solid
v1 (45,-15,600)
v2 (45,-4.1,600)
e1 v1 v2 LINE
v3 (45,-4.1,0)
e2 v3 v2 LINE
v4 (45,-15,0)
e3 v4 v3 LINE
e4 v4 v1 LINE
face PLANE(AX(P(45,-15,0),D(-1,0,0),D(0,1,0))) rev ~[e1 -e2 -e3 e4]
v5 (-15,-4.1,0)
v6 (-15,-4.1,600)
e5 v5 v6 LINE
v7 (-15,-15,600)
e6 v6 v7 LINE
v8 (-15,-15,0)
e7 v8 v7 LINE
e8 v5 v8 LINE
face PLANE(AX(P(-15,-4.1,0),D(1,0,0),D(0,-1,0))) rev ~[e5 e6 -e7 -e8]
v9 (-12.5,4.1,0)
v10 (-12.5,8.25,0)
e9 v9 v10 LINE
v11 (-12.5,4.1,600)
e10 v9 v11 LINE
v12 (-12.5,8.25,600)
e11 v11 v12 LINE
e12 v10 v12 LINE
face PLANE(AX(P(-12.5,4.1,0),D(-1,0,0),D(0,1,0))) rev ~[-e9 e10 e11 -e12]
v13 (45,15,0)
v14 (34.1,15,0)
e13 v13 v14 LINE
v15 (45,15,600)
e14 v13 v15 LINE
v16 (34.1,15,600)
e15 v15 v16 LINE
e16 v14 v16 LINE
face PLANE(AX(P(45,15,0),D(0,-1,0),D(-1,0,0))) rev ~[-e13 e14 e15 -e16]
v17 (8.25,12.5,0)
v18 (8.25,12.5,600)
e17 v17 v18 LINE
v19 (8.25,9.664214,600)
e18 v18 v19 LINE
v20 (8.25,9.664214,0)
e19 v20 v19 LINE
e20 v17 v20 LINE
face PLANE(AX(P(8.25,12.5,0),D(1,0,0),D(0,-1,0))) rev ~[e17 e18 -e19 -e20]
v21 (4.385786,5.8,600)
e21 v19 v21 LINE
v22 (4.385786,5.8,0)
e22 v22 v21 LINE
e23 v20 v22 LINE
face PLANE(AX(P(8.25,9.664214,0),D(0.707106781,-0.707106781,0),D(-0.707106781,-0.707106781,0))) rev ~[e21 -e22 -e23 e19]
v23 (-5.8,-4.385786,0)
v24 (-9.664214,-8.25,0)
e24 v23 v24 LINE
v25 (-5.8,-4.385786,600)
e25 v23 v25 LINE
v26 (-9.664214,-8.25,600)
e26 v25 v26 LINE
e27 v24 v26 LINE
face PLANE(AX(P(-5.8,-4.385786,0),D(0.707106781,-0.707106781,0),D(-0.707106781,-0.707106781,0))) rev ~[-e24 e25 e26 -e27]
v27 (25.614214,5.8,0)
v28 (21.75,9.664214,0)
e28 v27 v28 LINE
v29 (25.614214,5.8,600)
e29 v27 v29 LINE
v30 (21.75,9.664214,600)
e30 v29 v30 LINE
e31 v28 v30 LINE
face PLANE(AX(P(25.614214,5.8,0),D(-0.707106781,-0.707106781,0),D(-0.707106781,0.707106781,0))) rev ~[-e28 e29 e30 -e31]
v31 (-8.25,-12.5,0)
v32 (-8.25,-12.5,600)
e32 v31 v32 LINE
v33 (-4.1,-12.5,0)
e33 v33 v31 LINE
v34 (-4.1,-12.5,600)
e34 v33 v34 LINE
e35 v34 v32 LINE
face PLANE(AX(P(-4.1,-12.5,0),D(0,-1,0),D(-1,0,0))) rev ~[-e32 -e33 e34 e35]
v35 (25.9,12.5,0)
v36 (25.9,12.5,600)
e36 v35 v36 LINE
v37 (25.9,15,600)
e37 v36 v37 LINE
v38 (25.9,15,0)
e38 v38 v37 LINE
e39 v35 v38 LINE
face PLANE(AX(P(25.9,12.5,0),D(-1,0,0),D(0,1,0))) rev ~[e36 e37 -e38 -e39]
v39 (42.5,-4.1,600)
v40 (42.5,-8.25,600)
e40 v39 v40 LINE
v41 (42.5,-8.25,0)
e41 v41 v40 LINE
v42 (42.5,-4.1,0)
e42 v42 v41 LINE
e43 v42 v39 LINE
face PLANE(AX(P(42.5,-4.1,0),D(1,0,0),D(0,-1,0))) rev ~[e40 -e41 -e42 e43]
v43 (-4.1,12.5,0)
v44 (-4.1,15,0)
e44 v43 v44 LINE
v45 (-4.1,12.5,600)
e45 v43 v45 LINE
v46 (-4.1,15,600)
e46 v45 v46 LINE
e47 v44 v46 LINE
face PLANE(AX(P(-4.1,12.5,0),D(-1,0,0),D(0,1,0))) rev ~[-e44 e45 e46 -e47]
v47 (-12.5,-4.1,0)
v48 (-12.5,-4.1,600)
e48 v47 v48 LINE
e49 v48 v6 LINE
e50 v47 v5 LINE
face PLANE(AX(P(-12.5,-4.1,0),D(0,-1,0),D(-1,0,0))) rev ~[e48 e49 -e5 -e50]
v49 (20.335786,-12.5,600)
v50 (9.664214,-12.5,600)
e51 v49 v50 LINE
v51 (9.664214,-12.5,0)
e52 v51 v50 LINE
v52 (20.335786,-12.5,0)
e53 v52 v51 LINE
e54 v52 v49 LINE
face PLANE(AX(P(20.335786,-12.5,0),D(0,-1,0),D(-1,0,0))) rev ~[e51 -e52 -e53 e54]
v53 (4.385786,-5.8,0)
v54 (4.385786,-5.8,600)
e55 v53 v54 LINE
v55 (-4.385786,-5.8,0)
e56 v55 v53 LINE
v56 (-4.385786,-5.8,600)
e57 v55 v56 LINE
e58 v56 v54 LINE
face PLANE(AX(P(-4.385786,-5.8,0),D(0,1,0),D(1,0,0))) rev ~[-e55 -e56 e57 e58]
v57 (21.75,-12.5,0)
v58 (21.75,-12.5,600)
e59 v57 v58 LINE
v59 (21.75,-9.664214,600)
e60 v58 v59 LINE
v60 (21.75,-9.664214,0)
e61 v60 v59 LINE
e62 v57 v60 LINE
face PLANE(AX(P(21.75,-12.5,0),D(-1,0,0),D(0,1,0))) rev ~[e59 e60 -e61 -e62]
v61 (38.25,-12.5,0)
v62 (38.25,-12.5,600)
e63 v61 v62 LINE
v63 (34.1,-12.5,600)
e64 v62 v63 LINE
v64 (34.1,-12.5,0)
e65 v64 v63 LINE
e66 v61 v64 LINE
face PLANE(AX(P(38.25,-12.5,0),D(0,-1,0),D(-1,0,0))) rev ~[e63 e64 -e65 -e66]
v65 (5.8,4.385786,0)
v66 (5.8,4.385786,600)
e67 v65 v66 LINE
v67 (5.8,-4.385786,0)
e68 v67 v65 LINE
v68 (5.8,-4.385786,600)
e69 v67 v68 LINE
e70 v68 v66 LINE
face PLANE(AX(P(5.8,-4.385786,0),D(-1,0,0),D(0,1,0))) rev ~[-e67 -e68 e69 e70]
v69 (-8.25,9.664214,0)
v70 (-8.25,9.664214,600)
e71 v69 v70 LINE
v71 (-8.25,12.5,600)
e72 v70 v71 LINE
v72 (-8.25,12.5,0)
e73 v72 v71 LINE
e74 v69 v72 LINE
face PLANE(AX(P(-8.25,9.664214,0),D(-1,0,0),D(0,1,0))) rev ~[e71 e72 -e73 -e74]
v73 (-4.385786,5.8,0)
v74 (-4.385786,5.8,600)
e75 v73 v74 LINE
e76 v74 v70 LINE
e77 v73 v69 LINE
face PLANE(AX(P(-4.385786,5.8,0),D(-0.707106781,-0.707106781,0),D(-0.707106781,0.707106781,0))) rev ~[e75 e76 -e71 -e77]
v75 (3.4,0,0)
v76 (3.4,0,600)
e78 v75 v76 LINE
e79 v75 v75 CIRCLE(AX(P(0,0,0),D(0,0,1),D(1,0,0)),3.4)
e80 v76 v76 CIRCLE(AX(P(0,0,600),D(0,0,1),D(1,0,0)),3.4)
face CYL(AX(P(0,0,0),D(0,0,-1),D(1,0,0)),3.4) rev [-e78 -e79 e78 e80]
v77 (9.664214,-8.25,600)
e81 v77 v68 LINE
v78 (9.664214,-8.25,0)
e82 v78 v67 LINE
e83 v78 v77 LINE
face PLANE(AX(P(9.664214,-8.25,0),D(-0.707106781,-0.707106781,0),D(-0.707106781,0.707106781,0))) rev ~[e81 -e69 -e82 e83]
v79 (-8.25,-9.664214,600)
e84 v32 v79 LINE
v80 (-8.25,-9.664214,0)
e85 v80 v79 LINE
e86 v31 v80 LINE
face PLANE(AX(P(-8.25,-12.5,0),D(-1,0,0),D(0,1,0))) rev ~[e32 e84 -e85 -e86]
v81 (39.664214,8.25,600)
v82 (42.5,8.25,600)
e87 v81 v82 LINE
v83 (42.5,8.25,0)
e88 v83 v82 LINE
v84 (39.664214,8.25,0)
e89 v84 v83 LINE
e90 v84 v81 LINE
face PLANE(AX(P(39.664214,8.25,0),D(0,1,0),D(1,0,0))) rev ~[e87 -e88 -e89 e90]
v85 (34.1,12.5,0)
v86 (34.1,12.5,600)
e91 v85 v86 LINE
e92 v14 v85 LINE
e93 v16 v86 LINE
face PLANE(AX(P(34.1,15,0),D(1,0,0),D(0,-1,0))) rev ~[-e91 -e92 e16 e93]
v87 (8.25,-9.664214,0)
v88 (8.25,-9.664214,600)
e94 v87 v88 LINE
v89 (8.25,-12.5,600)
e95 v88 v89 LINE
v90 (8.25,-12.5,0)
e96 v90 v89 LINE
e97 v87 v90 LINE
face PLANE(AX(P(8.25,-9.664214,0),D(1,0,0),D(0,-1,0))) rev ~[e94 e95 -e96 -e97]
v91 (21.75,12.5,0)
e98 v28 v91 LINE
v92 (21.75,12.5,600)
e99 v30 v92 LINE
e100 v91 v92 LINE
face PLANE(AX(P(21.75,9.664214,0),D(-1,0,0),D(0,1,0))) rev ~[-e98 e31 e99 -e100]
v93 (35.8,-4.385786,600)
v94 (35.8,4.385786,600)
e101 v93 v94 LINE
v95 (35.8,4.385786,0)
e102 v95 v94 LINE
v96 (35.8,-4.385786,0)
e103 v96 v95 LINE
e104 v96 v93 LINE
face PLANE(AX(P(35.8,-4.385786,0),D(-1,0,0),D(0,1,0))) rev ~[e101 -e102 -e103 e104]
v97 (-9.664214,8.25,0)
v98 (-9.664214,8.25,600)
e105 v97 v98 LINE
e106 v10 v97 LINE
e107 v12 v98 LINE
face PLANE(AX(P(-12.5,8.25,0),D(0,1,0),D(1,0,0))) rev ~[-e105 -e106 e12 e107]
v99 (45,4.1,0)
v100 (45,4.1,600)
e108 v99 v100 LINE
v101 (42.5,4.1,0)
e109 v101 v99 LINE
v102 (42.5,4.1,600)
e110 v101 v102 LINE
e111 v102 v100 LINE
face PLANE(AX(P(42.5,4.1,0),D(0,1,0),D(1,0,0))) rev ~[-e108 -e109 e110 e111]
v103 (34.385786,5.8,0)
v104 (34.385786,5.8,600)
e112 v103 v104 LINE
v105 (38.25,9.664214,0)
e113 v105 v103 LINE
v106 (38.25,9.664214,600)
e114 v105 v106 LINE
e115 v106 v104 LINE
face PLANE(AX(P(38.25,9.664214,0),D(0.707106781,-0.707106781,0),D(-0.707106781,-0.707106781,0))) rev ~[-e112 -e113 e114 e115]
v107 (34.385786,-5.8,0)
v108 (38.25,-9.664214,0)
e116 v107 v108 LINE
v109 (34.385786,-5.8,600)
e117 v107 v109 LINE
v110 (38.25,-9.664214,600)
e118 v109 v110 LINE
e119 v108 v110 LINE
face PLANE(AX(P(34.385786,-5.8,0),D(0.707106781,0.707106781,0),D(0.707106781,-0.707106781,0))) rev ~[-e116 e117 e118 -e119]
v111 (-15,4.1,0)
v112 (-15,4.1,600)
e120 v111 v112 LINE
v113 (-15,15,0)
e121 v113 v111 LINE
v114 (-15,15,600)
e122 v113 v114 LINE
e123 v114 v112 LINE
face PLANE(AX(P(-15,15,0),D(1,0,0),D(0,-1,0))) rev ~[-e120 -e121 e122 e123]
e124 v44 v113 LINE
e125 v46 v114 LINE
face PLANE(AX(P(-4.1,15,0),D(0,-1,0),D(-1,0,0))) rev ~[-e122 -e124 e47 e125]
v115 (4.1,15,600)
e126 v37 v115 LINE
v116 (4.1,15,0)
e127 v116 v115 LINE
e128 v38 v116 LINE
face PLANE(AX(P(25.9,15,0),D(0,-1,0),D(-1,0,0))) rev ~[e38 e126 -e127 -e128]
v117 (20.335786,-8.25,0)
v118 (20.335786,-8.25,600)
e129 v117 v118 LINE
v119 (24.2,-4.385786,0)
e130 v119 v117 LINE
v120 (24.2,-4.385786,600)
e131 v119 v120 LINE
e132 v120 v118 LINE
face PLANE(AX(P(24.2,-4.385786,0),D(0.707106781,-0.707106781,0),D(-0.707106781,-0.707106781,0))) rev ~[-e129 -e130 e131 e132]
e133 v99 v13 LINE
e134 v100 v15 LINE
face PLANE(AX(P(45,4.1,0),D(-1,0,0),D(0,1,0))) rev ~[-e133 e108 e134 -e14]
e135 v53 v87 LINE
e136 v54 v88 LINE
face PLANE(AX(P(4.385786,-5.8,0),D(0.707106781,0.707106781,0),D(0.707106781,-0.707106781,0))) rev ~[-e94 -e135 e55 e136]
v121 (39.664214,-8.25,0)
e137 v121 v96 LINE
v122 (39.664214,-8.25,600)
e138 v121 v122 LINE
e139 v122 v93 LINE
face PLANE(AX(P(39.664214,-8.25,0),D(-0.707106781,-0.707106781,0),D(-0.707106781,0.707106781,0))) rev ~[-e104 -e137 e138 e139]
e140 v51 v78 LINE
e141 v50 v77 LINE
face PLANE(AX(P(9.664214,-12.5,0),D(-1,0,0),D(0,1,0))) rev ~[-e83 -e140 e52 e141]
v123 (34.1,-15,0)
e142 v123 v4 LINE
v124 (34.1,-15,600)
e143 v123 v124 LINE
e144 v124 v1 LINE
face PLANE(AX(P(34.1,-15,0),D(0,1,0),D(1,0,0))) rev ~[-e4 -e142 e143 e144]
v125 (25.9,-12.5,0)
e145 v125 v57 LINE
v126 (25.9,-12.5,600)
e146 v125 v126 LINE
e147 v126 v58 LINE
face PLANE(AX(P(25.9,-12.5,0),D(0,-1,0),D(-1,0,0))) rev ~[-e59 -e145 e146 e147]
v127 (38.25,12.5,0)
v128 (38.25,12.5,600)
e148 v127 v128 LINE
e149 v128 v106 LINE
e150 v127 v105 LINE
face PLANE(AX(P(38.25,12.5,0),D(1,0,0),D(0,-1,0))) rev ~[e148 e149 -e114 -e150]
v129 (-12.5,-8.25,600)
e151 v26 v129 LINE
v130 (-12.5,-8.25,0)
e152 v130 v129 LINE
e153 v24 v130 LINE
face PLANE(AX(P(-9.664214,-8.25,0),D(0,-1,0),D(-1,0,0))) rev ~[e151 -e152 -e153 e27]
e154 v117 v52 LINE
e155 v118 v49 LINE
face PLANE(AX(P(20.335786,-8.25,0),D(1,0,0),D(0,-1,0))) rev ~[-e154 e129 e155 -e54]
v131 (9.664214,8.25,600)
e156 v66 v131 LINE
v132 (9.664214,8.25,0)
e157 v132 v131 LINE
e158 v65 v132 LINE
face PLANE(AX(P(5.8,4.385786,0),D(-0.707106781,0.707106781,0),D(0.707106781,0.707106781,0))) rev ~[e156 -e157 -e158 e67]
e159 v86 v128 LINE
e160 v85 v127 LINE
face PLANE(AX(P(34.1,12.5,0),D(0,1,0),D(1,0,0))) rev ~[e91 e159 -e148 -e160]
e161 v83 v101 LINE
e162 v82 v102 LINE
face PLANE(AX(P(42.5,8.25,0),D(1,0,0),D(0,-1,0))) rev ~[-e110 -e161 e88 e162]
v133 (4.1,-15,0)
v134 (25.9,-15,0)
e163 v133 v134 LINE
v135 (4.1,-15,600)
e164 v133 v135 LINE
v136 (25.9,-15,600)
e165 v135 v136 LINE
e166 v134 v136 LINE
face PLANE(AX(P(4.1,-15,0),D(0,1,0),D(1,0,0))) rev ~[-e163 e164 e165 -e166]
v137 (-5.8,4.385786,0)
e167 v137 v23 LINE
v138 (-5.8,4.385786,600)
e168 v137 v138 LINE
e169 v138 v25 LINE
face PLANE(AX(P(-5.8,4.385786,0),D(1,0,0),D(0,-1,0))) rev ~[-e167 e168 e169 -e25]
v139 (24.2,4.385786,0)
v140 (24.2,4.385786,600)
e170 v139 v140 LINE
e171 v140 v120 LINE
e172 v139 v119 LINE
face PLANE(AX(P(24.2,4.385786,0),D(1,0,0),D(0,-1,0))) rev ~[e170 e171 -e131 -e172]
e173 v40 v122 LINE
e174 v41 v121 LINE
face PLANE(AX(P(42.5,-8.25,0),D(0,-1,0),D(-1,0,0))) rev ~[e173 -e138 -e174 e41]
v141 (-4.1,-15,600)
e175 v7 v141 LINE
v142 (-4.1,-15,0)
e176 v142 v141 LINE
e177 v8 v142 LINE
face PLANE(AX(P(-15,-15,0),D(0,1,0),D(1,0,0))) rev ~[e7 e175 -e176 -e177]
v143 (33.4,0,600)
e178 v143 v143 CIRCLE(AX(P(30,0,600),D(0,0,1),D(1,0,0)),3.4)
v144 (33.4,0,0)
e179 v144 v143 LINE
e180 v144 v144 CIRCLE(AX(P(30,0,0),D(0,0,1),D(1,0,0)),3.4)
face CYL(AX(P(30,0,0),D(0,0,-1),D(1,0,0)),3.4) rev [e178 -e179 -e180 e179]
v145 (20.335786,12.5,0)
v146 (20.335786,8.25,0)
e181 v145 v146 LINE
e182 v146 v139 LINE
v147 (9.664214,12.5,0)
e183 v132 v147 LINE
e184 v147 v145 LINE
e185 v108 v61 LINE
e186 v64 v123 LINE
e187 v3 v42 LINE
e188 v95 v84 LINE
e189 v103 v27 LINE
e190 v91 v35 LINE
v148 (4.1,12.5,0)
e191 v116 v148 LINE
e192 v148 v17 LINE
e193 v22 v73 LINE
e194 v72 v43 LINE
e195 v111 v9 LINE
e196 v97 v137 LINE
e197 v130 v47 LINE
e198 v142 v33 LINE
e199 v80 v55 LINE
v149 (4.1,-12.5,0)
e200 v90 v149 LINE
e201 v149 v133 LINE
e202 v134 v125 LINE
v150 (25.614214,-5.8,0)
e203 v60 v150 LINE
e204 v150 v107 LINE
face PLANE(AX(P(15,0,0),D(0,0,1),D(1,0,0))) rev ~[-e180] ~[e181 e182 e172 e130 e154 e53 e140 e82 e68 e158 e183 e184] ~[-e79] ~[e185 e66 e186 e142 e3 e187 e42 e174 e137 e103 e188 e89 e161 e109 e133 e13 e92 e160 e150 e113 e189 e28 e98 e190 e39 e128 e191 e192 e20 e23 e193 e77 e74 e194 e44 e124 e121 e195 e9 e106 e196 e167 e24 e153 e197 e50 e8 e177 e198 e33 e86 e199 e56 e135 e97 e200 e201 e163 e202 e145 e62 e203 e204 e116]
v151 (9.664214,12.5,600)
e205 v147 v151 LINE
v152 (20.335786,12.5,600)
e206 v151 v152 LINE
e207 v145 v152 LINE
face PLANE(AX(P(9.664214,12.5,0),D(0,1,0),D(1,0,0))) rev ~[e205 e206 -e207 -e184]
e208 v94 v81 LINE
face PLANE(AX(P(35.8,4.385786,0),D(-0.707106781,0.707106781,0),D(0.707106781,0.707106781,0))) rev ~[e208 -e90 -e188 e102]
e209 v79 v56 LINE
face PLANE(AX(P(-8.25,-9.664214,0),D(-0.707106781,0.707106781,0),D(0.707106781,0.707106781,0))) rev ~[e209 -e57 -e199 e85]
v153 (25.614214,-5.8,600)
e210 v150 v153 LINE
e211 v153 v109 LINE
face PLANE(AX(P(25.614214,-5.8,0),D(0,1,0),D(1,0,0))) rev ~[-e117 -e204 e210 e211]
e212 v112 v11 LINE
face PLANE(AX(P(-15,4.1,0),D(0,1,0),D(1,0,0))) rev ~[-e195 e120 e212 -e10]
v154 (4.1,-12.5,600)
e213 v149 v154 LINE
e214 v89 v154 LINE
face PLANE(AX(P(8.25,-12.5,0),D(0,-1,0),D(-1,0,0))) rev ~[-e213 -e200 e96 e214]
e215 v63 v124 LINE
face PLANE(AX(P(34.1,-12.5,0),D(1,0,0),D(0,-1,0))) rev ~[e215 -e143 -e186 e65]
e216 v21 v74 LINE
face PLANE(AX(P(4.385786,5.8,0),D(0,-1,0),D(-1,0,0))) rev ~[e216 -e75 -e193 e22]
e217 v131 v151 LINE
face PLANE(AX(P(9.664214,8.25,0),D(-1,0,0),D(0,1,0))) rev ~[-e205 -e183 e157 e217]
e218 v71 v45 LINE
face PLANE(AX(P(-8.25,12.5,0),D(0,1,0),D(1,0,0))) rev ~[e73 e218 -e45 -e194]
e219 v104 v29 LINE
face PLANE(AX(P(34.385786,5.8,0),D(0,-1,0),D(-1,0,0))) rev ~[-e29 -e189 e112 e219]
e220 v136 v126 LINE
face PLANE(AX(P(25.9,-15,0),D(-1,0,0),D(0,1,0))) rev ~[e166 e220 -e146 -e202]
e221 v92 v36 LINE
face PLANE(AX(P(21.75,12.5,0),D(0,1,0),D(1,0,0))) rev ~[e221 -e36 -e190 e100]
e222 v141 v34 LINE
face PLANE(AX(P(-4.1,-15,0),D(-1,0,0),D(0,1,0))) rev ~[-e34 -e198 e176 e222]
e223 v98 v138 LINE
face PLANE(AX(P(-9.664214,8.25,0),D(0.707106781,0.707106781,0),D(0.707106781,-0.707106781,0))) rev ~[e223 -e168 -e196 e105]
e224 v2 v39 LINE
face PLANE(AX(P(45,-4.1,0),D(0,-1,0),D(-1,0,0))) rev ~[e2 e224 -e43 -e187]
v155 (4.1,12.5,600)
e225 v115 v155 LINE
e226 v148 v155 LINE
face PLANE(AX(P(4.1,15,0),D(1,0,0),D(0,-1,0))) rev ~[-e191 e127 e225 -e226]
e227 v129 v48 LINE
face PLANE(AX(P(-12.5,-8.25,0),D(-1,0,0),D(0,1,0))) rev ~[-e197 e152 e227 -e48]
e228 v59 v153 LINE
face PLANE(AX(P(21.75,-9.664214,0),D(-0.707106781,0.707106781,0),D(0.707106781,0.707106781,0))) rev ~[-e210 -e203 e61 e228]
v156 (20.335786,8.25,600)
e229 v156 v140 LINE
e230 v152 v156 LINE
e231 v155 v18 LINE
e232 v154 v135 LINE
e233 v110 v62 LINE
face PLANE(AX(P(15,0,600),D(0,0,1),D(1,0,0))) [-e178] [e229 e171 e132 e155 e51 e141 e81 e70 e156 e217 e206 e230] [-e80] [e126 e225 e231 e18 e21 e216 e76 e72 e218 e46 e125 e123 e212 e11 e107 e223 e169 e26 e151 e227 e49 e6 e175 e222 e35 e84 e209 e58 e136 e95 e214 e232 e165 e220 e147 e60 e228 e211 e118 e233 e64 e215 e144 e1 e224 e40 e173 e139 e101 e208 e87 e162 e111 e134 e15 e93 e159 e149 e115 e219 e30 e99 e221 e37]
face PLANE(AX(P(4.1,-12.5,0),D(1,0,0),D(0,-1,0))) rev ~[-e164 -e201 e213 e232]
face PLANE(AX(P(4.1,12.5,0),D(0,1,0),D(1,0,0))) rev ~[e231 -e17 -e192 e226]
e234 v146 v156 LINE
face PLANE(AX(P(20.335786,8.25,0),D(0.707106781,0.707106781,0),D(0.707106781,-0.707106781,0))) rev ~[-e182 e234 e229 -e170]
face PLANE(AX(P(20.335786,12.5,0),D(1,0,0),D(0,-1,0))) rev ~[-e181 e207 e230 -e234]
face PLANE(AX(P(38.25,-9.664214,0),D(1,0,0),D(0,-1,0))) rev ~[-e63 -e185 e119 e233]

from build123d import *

# Parameters (mm, degrees)
SKETCH_1_R      = 3.4
EXTRUDE_1_DEPTH = 600


with BuildPart() as part:
    # 草图1 → 凸台-拉伸1 (new body)
    with BuildSketch(Plane.XY):
        Polygon((-4.1, 12.5), (-4.1, 15), (-8.25, 15), (-15, 15), (-15, 8.25), (-15, 4.1), (-12.5, 4.1), (-12.5, 8.25), (-9.664213562, 8.25), (-5.8, 4.385786438), (-5.8, -4.385786438), (-9.664213562, -8.25), (-12.5, -8.25), (-12.5, -4.1), (-15, -4.1), (-15, -8.25), (-15, -15), (-8.25, -15), (-4.1, -15), (-4.1, -12.5), (-8.25, -12.5), (-8.25, -9.664213562), (-4.385786438, -5.8), (4.385786438, -5.8), (8.25, -9.664213562), (8.25, -12.5), (4.1, -12.5), (4.1, -15), (8.25, -15), (15, -15), (21.75, -15), (25.9, -15), (25.9, -12.5), (21.75, -12.5), (21.75, -9.664213562), (25.614213562, -5.8), (34.385786438, -5.8), (38.25, -9.664213562), (38.25, -12.5), (34.1, -12.5), (34.1, -15), (38.25, -15), (45, -15), (45, -8.25), (45, -4.1), (42.5, -4.1), (42.5, -8.25), (39.664213562, -8.25), (35.8, -4.385786438), (35.8, 4.385786438), (39.664213562, 8.25), (42.5, 8.25), (42.5, 4.1), (45, 4.1), (45, 8.25), (45, 15), (38.25, 15), (34.1, 15), (34.1, 12.5), (38.25, 12.5), (38.25, 9.664213562), (34.385786438, 5.8), (25.614213562, 5.8), (21.75, 9.664213562), (21.75, 12.5), (25.9, 12.5), (25.9, 15), (21.75, 15), (15, 15), (8.25, 15), (4.1, 15), (4.1, 12.5), (8.25, 12.5), (8.25, 9.664213562), (4.385786438, 5.8), (-4.385786438, 5.8), (-8.25, 9.664213562), (-8.25, 12.5), align=None)
        Circle(SKETCH_1_R, mode=Mode.SUBTRACT)
        Polygon((9.664213562, -8.25), (5.8, -4.385786438), (5.8, 4.385786438), (9.664213562, 8.25), (9.664213562, 12.5), (20.335786438, 12.5), (20.335786438, 8.25), (24.2, 4.385786438), (24.2, -4.385786438), (20.335786438, -8.25), (20.335786438, -12.5), (9.664213562, -12.5), align=None, mode=Mode.SUBTRACT)
        with Locations((30, 0)):
            Circle(SKETCH_1_R, mode=Mode.SUBTRACT)
    extrude(amount=EXTRUDE_1_DEPTH)


solid = part.part
